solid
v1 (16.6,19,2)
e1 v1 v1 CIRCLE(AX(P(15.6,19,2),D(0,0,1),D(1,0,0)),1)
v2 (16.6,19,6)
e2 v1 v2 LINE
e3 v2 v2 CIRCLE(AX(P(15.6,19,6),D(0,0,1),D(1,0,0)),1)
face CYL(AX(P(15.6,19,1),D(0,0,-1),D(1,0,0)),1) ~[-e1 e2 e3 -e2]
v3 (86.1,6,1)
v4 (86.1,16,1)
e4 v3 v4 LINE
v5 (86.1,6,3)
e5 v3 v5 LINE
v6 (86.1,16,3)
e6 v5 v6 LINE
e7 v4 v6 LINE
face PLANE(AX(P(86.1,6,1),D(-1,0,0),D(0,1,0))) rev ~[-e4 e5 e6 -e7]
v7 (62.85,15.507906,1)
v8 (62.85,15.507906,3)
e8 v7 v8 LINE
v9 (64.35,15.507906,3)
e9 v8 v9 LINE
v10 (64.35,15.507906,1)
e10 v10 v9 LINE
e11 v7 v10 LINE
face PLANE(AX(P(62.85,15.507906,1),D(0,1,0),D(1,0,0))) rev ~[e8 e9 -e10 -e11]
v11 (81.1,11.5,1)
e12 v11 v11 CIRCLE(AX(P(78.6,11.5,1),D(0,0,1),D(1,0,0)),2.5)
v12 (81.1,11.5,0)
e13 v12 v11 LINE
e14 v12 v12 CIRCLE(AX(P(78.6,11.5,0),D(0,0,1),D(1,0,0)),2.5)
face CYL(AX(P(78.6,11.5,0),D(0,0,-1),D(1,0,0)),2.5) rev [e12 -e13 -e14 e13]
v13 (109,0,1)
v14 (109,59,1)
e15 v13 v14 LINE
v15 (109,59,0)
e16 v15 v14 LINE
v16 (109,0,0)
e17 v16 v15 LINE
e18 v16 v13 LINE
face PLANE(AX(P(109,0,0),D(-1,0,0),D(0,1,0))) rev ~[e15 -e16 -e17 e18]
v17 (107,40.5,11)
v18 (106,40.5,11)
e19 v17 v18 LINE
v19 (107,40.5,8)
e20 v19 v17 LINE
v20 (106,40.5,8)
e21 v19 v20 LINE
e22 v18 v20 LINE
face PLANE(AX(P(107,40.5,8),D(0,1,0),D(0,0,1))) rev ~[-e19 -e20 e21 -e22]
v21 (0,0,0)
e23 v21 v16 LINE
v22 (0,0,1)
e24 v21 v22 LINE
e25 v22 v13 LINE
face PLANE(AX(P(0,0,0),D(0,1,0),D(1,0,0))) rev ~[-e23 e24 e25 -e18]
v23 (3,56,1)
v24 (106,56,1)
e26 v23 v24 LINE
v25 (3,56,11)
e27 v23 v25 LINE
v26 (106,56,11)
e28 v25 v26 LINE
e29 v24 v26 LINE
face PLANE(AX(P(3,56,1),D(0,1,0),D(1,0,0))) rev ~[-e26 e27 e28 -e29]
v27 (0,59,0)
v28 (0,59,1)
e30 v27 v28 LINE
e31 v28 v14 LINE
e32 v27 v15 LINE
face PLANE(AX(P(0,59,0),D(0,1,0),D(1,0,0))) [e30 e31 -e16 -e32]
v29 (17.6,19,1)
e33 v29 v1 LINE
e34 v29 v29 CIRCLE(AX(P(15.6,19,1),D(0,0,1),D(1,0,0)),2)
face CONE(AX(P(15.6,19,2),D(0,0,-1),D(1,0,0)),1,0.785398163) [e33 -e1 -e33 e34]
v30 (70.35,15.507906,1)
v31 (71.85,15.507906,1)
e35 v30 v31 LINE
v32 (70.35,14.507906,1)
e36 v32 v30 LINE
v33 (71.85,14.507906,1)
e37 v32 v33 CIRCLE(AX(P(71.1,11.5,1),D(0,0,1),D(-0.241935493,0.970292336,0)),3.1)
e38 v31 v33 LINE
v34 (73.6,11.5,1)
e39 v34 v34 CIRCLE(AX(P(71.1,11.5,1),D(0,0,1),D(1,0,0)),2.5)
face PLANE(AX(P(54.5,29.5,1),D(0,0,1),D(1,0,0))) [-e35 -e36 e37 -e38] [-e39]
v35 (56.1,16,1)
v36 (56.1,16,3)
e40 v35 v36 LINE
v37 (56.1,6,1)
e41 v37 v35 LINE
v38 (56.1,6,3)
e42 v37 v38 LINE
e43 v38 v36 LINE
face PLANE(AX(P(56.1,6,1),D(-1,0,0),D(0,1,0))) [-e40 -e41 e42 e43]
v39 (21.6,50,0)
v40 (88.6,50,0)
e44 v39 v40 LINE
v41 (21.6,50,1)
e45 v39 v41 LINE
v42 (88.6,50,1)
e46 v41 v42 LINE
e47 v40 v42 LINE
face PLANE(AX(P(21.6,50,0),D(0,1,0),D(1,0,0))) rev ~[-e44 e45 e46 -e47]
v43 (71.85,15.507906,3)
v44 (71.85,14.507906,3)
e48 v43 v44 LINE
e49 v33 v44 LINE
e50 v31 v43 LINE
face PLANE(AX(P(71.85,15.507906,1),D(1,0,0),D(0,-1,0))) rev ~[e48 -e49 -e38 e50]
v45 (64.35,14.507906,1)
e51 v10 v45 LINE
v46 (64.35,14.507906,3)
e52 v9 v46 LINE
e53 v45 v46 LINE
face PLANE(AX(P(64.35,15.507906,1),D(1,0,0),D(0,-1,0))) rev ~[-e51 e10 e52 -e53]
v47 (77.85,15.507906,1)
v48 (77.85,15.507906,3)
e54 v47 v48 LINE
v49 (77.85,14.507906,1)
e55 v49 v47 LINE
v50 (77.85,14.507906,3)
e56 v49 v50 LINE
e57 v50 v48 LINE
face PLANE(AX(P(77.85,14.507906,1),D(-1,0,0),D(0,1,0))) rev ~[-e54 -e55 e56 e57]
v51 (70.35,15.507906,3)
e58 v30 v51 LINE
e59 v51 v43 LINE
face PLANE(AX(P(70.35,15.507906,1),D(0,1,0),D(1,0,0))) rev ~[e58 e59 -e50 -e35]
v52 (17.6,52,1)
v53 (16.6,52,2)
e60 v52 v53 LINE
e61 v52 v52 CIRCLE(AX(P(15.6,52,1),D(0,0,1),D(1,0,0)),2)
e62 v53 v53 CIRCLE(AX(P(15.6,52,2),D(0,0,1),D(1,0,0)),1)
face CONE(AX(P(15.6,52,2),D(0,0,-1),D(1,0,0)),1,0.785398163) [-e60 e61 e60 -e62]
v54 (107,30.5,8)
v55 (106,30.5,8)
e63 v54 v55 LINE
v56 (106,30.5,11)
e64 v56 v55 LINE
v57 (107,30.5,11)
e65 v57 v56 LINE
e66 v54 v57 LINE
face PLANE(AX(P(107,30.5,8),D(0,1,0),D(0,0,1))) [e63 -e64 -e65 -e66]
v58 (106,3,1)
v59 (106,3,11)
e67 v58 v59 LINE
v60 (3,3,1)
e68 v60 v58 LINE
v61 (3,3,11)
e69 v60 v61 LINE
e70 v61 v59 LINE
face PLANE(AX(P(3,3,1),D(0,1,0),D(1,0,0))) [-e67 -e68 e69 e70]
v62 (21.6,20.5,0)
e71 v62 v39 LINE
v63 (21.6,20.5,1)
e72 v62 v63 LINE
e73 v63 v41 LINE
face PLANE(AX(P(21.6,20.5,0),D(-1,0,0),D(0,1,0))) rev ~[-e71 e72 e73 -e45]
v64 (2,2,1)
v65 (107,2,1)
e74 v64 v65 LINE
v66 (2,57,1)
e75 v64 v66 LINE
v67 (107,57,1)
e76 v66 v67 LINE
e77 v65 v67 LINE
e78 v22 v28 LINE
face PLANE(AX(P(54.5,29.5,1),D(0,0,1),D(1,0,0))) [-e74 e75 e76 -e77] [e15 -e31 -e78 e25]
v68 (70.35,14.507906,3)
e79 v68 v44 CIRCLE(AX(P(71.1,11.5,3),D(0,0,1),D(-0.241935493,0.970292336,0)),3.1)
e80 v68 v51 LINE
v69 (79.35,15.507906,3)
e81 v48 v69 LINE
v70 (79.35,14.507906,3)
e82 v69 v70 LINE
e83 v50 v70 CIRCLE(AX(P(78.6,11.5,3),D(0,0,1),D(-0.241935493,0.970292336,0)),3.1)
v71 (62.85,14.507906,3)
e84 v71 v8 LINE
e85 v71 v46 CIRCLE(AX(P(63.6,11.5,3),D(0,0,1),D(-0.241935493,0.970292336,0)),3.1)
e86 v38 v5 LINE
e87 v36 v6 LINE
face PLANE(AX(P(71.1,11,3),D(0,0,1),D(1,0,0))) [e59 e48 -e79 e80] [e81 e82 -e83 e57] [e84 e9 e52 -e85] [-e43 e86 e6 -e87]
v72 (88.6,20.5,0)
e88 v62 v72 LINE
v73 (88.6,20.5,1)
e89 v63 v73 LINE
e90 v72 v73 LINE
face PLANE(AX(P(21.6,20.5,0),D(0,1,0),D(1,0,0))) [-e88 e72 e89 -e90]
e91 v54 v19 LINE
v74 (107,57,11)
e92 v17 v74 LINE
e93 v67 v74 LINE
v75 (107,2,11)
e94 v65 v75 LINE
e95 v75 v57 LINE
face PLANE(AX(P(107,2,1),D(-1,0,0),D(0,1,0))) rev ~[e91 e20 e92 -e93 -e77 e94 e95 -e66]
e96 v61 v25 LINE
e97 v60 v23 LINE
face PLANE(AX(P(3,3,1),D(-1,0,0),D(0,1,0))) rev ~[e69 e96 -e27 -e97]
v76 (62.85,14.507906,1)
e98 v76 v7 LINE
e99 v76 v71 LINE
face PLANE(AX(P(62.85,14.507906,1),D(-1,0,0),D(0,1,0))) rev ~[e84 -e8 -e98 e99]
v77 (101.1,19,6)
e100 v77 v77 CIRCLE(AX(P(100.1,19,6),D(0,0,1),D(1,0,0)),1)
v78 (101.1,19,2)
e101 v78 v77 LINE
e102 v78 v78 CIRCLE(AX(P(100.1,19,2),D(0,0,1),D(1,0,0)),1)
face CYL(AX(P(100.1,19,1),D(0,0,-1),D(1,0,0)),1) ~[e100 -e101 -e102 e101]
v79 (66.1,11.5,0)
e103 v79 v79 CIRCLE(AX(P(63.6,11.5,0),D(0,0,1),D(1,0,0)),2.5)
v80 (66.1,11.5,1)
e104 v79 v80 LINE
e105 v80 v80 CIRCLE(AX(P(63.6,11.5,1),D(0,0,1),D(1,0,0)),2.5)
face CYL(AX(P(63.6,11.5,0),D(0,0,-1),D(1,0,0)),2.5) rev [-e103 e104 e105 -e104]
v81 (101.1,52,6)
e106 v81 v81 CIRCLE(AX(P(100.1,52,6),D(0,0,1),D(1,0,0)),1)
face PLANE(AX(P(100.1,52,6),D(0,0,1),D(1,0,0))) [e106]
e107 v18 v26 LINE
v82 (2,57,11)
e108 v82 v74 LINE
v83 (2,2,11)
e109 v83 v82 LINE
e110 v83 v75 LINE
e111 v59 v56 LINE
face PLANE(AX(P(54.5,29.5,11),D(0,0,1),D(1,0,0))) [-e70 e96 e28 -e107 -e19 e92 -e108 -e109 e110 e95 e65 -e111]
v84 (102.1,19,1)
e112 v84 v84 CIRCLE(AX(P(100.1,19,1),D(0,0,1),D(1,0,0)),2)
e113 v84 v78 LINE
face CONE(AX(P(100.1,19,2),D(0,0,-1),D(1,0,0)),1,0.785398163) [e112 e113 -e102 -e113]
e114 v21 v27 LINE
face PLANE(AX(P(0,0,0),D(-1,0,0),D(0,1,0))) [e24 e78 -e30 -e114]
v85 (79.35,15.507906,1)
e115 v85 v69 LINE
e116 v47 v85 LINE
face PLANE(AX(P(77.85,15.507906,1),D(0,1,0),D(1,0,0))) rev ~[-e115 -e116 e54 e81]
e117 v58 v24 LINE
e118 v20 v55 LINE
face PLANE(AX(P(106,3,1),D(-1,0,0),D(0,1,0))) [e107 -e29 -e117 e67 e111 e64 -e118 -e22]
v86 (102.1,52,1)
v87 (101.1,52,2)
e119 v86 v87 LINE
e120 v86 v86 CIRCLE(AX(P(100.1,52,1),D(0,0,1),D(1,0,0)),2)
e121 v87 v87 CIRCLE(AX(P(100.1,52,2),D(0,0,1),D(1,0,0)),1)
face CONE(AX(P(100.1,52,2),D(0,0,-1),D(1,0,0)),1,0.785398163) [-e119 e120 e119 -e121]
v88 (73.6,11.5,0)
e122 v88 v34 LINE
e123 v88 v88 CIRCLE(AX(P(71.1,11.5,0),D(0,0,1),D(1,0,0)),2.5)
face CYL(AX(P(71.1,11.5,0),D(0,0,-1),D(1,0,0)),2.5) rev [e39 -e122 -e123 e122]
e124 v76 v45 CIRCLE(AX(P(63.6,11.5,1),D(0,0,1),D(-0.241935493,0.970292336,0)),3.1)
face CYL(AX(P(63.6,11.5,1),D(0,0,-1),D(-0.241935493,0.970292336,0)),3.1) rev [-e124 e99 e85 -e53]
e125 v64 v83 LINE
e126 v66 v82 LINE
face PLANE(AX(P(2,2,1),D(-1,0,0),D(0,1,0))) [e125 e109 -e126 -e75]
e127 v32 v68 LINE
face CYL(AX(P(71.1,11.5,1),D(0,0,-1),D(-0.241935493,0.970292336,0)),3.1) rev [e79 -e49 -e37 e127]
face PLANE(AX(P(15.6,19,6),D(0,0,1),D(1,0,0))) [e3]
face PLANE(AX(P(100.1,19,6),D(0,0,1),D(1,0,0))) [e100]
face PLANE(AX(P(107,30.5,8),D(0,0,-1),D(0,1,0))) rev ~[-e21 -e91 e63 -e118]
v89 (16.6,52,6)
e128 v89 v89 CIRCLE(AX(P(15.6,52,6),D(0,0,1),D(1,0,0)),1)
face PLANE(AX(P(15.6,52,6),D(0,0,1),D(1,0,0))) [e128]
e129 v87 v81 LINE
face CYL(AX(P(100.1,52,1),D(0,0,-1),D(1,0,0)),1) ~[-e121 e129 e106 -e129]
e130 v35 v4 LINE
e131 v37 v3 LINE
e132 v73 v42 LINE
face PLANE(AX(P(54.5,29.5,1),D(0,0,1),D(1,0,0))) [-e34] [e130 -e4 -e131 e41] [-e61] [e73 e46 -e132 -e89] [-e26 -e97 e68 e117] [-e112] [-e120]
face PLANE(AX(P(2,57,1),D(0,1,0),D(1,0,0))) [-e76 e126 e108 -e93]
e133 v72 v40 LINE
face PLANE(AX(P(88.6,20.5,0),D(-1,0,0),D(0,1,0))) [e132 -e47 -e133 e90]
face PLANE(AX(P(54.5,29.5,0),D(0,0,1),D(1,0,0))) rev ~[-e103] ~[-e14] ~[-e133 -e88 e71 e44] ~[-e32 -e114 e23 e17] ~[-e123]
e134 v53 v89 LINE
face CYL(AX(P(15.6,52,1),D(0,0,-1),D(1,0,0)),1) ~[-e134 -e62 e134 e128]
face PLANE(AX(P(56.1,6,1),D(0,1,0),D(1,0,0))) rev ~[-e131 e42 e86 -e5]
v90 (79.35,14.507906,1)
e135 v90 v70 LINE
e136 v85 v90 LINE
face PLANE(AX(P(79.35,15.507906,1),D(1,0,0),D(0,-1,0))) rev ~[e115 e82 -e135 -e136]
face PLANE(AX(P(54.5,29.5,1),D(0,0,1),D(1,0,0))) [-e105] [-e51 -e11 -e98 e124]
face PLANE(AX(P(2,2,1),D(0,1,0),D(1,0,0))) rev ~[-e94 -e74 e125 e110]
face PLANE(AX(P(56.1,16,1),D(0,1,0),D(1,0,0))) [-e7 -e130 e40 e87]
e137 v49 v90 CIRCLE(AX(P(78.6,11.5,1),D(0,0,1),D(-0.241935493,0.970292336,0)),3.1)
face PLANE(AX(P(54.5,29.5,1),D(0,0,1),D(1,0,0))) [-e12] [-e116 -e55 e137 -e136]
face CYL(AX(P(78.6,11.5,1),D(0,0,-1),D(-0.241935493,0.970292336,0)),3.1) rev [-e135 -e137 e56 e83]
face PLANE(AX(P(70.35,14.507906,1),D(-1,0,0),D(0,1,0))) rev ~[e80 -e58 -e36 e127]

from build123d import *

# Parameters (mm, degrees)
SKETCH015_W     = 109
SKETCH015_H     = 59
SKETCH015_R     = 2.5
SKETCH015_W_2   = 67
SKETCH015_H_2   = 29.5
PAD008_DEPTH    = 1
SKETCH016_R     = 1
PAD009_DEPTH    = 5
SKETCH017_W     = 105
SKETCH017_H     = 55
SKETCH017_W_2   = 103
SKETCH017_H_2   = 53
PAD010_DEPTH    = 10
SKETCH018_W     = 10
SKETCH018_H     = 3
POCKET002_DEPTH = 5
SKETCH019_W     = 30
SKETCH019_H     = 10
PAD011_DEPTH    = 2
CHAMFER008_SIZE = 1


with BuildPart() as part:
    # Sketch015 → Pad008 (new body)
    with BuildSketch(Plane.XY):
        with Locations((54.5, 29.5)):
            Rectangle(SKETCH015_W, SKETCH015_H)
        with Locations((63.6, 11.5)):
            Circle(SKETCH015_R, mode=Mode.SUBTRACT)
        with Locations((71.1, 11.5)):
            Circle(SKETCH015_R, mode=Mode.SUBTRACT)
        with Locations((78.6, 11.5)):
            Circle(SKETCH015_R, mode=Mode.SUBTRACT)
        with Locations((55.1, 35.25)):
            Rectangle(SKETCH015_W_2, SKETCH015_H_2, mode=Mode.SUBTRACT)
    extrude(amount=PAD008_DEPTH)

    # Sketch016 → Pad009 (join)
    with BuildSketch(Plane.XY.offset(1)):
        with Locations((15.6, 52)):
            Circle(SKETCH016_R)
        with Locations((100.1, 52)):
            Circle(SKETCH016_R)
        with Locations((100.1, 19)):
            Circle(SKETCH016_R)
        with Locations((15.6, 19)):
            Circle(SKETCH016_R)
    extrude(amount=PAD009_DEPTH)

    # Sketch017 → Pad010 (join)
    with BuildSketch(Plane.XY.offset(1)):
        with Locations((54.5, 29.5)):
            Rectangle(SKETCH017_W, SKETCH017_H)
        with Locations((54.5, 29.5)):
            Rectangle(SKETCH017_W_2, SKETCH017_H_2, mode=Mode.SUBTRACT)
    extrude(amount=PAD010_DEPTH)

    # Sketch018 (on Face16 of Pad010) → Pocket002 (cut)
    with BuildSketch(Plane.YZ.offset(107)):
        with Locations((35.5, 9.5)):
            Rectangle(SKETCH018_W, SKETCH018_H)
    extrude(amount=-POCKET002_DEPTH, mode=Mode.SUBTRACT)

    # Sketch019 (on Face18 of Pocket002) → Pad011 (join)
    with BuildSketch(Plane.XY.offset(1)):
        with Locations((71.1, 11)):
            Rectangle(SKETCH019_W, SKETCH019_H)
        with BuildLine():
            ThreePointArc((62.85, 14.507906), (63.6, 8.4), (64.35, 14.507906))
            Line((64.35, 15.507906), (64.35, 14.507906))
            Line((62.85, 15.507906), (64.35, 15.507906))
            Line((62.85, 14.507906), (62.85, 15.507906))
        make_face(mode=Mode.SUBTRACT)
        with BuildLine():
            ThreePointArc((70.35, 14.507906), (71.1, 8.4), (71.85, 14.507906))
            Line((71.85, 15.507906), (71.85, 14.507906))
            Line((70.35, 15.507906), (71.85, 15.507906))
            Line((70.35, 14.507906), (70.35, 15.507906))
        make_face(mode=Mode.SUBTRACT)
        with BuildLine():
            ThreePointArc((77.85, 14.507906), (78.6, 8.4), (79.35, 14.507906))
            Line((79.35, 15.507906), (79.35, 14.507906))
            Line((77.85, 15.507906), (79.35, 15.507906))
            Line((77.85, 14.507906), (77.85, 15.507906))
        make_face(mode=Mode.SUBTRACT)
    extrude(amount=PAD011_DEPTH)

    # Chamfer008
    chamfer008_edges = [part.edges().sort_by_distance(p)[0] for p in [
        (14.6, 52, 1),
        (14.6, 19, 1),
        (99.1, 19, 1),
        (99.1, 52, 1),
    ]]
    chamfer(chamfer008_edges, length=CHAMFER008_SIZE)


solid = part.part
